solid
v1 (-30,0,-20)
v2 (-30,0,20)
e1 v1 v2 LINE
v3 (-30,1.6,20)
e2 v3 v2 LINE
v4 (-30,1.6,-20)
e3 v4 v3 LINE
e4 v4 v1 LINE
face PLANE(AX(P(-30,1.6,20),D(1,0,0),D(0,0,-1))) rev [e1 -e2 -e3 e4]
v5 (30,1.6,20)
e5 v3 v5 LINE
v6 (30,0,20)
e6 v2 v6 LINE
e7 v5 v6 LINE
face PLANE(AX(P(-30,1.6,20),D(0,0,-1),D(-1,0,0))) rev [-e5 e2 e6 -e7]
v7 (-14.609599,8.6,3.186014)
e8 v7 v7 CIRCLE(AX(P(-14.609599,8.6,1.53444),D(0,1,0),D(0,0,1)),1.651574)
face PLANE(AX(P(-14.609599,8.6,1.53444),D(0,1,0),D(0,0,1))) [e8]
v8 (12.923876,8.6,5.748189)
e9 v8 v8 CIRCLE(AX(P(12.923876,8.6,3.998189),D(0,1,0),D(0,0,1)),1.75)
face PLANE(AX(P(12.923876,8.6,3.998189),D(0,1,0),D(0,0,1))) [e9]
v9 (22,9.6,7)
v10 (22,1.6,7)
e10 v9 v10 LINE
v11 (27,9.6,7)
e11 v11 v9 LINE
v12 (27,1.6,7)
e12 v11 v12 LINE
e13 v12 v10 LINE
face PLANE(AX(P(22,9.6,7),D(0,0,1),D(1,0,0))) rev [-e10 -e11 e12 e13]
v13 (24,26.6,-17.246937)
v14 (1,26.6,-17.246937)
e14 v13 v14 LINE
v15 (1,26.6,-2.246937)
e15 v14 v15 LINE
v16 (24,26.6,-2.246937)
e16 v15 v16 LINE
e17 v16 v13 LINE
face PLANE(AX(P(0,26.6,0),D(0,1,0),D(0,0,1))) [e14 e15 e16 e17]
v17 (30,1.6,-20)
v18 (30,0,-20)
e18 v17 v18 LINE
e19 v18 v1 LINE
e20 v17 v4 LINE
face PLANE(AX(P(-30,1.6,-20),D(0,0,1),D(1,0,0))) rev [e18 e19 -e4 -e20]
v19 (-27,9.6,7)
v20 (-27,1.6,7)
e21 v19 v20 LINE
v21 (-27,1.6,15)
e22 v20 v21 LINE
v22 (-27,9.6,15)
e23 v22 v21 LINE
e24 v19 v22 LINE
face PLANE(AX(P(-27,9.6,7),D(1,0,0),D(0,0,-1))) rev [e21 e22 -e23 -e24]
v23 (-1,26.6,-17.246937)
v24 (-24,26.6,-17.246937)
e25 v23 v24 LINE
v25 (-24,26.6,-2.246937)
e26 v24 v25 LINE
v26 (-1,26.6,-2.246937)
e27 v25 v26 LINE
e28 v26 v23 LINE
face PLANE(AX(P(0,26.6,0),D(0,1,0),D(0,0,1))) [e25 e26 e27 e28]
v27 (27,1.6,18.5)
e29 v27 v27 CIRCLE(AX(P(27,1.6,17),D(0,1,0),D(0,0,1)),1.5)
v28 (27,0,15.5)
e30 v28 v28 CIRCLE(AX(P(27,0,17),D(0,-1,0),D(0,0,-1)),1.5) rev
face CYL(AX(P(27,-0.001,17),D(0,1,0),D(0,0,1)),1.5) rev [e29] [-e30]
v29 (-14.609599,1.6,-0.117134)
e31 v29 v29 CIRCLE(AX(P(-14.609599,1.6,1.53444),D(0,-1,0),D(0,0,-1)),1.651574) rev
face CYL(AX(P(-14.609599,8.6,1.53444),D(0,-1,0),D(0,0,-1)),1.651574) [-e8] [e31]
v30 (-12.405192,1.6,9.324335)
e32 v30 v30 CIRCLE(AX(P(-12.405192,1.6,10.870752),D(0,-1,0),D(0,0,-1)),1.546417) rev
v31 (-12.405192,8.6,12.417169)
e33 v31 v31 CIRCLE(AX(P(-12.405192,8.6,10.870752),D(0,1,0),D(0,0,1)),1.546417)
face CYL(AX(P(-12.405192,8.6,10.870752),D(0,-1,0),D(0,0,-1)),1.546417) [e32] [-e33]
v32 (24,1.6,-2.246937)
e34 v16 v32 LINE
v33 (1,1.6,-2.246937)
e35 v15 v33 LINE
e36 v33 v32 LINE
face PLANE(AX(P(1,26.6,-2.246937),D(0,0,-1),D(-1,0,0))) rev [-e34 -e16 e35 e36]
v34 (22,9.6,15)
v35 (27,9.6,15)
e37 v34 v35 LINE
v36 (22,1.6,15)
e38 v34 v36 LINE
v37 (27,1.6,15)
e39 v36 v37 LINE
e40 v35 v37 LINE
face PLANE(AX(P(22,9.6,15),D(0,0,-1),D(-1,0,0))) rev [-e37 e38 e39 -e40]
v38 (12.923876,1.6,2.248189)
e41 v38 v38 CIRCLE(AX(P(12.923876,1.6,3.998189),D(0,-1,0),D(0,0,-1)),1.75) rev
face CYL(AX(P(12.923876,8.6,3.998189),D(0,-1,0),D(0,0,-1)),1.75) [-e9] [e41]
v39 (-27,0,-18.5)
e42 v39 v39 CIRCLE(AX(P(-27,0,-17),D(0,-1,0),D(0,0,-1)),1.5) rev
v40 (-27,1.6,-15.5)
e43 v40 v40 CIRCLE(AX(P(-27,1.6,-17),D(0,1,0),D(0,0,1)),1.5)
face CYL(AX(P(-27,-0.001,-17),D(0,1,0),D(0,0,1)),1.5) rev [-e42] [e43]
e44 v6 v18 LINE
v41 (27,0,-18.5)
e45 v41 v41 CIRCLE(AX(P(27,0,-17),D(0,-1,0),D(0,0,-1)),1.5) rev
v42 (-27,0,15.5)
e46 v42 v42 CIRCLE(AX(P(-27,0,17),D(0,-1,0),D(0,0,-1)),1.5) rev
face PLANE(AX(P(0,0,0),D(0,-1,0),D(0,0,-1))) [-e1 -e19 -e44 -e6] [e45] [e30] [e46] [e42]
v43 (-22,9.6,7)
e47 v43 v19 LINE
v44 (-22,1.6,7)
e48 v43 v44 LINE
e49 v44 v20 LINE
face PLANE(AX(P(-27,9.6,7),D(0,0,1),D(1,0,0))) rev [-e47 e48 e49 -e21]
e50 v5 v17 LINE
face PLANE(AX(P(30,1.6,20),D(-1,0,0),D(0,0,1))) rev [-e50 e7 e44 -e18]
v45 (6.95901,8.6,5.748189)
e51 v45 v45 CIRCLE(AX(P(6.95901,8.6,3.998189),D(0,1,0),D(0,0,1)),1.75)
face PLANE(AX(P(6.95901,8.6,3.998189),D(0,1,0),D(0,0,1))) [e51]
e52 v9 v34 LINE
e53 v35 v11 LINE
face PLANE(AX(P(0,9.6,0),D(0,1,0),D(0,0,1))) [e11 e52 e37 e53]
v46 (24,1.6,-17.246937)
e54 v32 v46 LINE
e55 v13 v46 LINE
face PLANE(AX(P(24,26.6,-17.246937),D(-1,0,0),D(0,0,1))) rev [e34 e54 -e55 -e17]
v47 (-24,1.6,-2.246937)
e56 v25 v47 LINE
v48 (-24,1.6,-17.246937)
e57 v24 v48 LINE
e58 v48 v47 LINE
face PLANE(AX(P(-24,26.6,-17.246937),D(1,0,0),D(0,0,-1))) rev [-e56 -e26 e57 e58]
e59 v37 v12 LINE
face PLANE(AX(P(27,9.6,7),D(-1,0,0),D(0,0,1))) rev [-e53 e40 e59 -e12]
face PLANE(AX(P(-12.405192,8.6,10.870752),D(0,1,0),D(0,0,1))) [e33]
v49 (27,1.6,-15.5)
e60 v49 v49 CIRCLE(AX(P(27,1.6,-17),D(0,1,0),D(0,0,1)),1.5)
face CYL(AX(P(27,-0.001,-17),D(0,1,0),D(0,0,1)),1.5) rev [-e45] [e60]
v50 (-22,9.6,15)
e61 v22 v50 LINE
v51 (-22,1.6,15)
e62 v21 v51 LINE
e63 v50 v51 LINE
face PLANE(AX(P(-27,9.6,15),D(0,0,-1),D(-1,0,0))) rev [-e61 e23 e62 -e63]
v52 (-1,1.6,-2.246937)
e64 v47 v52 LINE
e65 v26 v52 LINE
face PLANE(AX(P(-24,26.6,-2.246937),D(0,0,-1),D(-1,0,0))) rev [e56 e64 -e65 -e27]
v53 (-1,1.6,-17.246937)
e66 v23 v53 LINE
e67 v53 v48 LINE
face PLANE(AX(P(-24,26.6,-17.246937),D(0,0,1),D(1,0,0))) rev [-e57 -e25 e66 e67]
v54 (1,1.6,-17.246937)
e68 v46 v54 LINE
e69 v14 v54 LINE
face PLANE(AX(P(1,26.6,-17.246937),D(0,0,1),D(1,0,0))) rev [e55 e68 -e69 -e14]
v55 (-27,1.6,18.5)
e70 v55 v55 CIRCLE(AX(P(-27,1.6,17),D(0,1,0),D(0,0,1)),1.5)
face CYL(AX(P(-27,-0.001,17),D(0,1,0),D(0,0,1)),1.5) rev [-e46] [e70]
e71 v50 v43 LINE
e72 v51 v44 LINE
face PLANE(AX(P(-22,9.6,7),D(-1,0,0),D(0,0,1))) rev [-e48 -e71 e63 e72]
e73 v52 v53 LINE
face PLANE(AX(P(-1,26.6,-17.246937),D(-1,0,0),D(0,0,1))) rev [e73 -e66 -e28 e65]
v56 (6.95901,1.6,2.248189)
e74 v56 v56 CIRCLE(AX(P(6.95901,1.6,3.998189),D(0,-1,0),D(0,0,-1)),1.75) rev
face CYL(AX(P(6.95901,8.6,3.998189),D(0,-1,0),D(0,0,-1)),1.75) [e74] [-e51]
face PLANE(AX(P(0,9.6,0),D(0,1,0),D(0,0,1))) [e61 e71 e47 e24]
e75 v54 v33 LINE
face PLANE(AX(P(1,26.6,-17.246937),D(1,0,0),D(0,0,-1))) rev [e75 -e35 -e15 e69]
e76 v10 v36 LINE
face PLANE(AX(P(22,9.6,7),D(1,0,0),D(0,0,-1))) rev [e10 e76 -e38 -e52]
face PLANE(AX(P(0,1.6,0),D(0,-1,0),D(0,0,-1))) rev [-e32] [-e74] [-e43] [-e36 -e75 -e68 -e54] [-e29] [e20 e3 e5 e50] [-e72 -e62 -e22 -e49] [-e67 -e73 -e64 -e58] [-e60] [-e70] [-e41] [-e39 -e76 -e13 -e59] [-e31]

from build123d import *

# Parameters (mm, degrees)
SKETCH1_W           = 60
SKETCH1_H           = 40
BOSS_EXTRUDE1_DEPTH = 1.6
SKETCH2_W           = 23
SKETCH2_H           = 15
BOSS_EXTRUDE2_DEPTH = 25
SKETCH3_W           = 5
SKETCH3_H           = 8
BOSS_EXTRUDE3_DEPTH = 8
SKETCH4_R           = 1.651573935
SKETCH4_R_2         = 1.75
SKETCH4_R_3         = 1.546416864
BOSS_EXTRUDE4_DEPTH = 7
CUT_EXTRUDE1_REACH  = 45.875
SKETCH5_R           = 1.5


with BuildPart() as part:
    # Sketch1 → Boss-Extrude1 (new body)
    with BuildSketch(Plane(origin=(0, 0, 0), x_dir=(1, 0, 0), z_dir=(0, 1, 0))):
        Rectangle(SKETCH1_W, SKETCH1_H)
    extrude(amount=BOSS_EXTRUDE1_DEPTH)

    # Sketch2 → Boss-Extrude2 (add)
    with BuildSketch(Plane(origin=(0, 1.6, 0), x_dir=(1, 0, 0), z_dir=(0, 1, 0))):
        with Locations((-12.5, 9.746936541)):
            Rectangle(SKETCH2_W, SKETCH2_H)
        with Locations((12.5, 9.746936541)):
            Rectangle(SKETCH2_W, SKETCH2_H)
    extrude(amount=BOSS_EXTRUDE2_DEPTH)

    # Sketch3 → Boss-Extrude3 (add)
    with BuildSketch(Plane(origin=(0, 1.6, 0), x_dir=(1, 0, 0), z_dir=(0, 1, 0))):
        with Locations((-24.5, -11)):
            Rectangle(SKETCH3_W, SKETCH3_H)
        with Locations((24.5, -11)):
            Rectangle(SKETCH3_W, SKETCH3_H)
    extrude(amount=BOSS_EXTRUDE3_DEPTH)

    # Sketch4 → Boss-Extrude4 (add)
    with BuildSketch(Plane(origin=(0, 1.6, 0), x_dir=(1, 0, 0), z_dir=(0, 1, 0))):
        with Locations(Location((-14.609598895, -1.534440121, 0), (0, 0, 90))):
            Circle(SKETCH4_R)
        with Locations(Location((6.959010124, -3.998189047, 0), (0, 0, 90))):
            Circle(SKETCH4_R_2)
        with Locations(Location((-12.405191961, -10.87075184, 0), (0, 0, 90))):
            Circle(SKETCH4_R_3)
        with Locations(Location((12.923875945, -3.998189047, 0), (0, 0, 90))):
            Circle(SKETCH4_R_2)
    extrude(amount=BOSS_EXTRUDE4_DEPTH)

    # Sketch5 → Cut-Extrude1 (cut, up to next)
    with BuildSketch(Plane(origin=(0, 1.6, 0), x_dir=(1, 0, 0), z_dir=(0, 1, 0)), mode=Mode.PRIVATE) as cut_extrude1_sk1:
        with Locations(Location((-27, 17, 0), (0, 0, 270))):
            Circle(SKETCH5_R)
    cut_extrude1_tool1 = extrude(cut_extrude1_sk1.sketch, amount=-CUT_EXTRUDE1_REACH, mode=Mode.PRIVATE) & part.part
    # Sketch5 → Cut-Extrude1 (cut, up to next)
    with BuildSketch(Plane(origin=(0, 1.6, 0), x_dir=(1, 0, 0), z_dir=(0, 1, 0)), mode=Mode.PRIVATE) as cut_extrude1_sk2:
        with Locations(Location((-27, -17, 0), (0, 0, 270))):
            Circle(SKETCH5_R)
    cut_extrude1_tool2 = extrude(cut_extrude1_sk2.sketch, amount=-CUT_EXTRUDE1_REACH, mode=Mode.PRIVATE) & part.part
    # Sketch5 → Cut-Extrude1 (cut, up to next)
    with BuildSketch(Plane(origin=(0, 1.6, 0), x_dir=(1, 0, 0), z_dir=(0, 1, 0)), mode=Mode.PRIVATE) as cut_extrude1_sk3:
        with Locations(Location((27, -17, 0), (0, 0, 270))):
            Circle(SKETCH5_R)
    cut_extrude1_tool3 = extrude(cut_extrude1_sk3.sketch, amount=-CUT_EXTRUDE1_REACH, mode=Mode.PRIVATE) & part.part
    # Sketch5 → Cut-Extrude1 (cut, up to next)
    with BuildSketch(Plane(origin=(0, 1.6, 0), x_dir=(1, 0, 0), z_dir=(0, 1, 0)), mode=Mode.PRIVATE) as cut_extrude1_sk4:
        with Locations(Location((27, 17, 0), (0, 0, 270))):
            Circle(SKETCH5_R)
    cut_extrude1_tool4 = extrude(cut_extrude1_sk4.sketch, amount=-CUT_EXTRUDE1_REACH, mode=Mode.PRIVATE) & part.part
    add(cut_extrude1_tool1.solids().sort_by_distance((-27, 1.6, -17))[0], mode=Mode.SUBTRACT)
    add(cut_extrude1_tool2.solids().sort_by_distance((-27, 1.6, 17))[0], mode=Mode.SUBTRACT)
    add(cut_extrude1_tool3.solids().sort_by_distance((27, 1.6, 17))[0], mode=Mode.SUBTRACT)
    add(cut_extrude1_tool4.solids().sort_by_distance((27, 1.6, -17))[0], mode=Mode.SUBTRACT)


solid = part.part
